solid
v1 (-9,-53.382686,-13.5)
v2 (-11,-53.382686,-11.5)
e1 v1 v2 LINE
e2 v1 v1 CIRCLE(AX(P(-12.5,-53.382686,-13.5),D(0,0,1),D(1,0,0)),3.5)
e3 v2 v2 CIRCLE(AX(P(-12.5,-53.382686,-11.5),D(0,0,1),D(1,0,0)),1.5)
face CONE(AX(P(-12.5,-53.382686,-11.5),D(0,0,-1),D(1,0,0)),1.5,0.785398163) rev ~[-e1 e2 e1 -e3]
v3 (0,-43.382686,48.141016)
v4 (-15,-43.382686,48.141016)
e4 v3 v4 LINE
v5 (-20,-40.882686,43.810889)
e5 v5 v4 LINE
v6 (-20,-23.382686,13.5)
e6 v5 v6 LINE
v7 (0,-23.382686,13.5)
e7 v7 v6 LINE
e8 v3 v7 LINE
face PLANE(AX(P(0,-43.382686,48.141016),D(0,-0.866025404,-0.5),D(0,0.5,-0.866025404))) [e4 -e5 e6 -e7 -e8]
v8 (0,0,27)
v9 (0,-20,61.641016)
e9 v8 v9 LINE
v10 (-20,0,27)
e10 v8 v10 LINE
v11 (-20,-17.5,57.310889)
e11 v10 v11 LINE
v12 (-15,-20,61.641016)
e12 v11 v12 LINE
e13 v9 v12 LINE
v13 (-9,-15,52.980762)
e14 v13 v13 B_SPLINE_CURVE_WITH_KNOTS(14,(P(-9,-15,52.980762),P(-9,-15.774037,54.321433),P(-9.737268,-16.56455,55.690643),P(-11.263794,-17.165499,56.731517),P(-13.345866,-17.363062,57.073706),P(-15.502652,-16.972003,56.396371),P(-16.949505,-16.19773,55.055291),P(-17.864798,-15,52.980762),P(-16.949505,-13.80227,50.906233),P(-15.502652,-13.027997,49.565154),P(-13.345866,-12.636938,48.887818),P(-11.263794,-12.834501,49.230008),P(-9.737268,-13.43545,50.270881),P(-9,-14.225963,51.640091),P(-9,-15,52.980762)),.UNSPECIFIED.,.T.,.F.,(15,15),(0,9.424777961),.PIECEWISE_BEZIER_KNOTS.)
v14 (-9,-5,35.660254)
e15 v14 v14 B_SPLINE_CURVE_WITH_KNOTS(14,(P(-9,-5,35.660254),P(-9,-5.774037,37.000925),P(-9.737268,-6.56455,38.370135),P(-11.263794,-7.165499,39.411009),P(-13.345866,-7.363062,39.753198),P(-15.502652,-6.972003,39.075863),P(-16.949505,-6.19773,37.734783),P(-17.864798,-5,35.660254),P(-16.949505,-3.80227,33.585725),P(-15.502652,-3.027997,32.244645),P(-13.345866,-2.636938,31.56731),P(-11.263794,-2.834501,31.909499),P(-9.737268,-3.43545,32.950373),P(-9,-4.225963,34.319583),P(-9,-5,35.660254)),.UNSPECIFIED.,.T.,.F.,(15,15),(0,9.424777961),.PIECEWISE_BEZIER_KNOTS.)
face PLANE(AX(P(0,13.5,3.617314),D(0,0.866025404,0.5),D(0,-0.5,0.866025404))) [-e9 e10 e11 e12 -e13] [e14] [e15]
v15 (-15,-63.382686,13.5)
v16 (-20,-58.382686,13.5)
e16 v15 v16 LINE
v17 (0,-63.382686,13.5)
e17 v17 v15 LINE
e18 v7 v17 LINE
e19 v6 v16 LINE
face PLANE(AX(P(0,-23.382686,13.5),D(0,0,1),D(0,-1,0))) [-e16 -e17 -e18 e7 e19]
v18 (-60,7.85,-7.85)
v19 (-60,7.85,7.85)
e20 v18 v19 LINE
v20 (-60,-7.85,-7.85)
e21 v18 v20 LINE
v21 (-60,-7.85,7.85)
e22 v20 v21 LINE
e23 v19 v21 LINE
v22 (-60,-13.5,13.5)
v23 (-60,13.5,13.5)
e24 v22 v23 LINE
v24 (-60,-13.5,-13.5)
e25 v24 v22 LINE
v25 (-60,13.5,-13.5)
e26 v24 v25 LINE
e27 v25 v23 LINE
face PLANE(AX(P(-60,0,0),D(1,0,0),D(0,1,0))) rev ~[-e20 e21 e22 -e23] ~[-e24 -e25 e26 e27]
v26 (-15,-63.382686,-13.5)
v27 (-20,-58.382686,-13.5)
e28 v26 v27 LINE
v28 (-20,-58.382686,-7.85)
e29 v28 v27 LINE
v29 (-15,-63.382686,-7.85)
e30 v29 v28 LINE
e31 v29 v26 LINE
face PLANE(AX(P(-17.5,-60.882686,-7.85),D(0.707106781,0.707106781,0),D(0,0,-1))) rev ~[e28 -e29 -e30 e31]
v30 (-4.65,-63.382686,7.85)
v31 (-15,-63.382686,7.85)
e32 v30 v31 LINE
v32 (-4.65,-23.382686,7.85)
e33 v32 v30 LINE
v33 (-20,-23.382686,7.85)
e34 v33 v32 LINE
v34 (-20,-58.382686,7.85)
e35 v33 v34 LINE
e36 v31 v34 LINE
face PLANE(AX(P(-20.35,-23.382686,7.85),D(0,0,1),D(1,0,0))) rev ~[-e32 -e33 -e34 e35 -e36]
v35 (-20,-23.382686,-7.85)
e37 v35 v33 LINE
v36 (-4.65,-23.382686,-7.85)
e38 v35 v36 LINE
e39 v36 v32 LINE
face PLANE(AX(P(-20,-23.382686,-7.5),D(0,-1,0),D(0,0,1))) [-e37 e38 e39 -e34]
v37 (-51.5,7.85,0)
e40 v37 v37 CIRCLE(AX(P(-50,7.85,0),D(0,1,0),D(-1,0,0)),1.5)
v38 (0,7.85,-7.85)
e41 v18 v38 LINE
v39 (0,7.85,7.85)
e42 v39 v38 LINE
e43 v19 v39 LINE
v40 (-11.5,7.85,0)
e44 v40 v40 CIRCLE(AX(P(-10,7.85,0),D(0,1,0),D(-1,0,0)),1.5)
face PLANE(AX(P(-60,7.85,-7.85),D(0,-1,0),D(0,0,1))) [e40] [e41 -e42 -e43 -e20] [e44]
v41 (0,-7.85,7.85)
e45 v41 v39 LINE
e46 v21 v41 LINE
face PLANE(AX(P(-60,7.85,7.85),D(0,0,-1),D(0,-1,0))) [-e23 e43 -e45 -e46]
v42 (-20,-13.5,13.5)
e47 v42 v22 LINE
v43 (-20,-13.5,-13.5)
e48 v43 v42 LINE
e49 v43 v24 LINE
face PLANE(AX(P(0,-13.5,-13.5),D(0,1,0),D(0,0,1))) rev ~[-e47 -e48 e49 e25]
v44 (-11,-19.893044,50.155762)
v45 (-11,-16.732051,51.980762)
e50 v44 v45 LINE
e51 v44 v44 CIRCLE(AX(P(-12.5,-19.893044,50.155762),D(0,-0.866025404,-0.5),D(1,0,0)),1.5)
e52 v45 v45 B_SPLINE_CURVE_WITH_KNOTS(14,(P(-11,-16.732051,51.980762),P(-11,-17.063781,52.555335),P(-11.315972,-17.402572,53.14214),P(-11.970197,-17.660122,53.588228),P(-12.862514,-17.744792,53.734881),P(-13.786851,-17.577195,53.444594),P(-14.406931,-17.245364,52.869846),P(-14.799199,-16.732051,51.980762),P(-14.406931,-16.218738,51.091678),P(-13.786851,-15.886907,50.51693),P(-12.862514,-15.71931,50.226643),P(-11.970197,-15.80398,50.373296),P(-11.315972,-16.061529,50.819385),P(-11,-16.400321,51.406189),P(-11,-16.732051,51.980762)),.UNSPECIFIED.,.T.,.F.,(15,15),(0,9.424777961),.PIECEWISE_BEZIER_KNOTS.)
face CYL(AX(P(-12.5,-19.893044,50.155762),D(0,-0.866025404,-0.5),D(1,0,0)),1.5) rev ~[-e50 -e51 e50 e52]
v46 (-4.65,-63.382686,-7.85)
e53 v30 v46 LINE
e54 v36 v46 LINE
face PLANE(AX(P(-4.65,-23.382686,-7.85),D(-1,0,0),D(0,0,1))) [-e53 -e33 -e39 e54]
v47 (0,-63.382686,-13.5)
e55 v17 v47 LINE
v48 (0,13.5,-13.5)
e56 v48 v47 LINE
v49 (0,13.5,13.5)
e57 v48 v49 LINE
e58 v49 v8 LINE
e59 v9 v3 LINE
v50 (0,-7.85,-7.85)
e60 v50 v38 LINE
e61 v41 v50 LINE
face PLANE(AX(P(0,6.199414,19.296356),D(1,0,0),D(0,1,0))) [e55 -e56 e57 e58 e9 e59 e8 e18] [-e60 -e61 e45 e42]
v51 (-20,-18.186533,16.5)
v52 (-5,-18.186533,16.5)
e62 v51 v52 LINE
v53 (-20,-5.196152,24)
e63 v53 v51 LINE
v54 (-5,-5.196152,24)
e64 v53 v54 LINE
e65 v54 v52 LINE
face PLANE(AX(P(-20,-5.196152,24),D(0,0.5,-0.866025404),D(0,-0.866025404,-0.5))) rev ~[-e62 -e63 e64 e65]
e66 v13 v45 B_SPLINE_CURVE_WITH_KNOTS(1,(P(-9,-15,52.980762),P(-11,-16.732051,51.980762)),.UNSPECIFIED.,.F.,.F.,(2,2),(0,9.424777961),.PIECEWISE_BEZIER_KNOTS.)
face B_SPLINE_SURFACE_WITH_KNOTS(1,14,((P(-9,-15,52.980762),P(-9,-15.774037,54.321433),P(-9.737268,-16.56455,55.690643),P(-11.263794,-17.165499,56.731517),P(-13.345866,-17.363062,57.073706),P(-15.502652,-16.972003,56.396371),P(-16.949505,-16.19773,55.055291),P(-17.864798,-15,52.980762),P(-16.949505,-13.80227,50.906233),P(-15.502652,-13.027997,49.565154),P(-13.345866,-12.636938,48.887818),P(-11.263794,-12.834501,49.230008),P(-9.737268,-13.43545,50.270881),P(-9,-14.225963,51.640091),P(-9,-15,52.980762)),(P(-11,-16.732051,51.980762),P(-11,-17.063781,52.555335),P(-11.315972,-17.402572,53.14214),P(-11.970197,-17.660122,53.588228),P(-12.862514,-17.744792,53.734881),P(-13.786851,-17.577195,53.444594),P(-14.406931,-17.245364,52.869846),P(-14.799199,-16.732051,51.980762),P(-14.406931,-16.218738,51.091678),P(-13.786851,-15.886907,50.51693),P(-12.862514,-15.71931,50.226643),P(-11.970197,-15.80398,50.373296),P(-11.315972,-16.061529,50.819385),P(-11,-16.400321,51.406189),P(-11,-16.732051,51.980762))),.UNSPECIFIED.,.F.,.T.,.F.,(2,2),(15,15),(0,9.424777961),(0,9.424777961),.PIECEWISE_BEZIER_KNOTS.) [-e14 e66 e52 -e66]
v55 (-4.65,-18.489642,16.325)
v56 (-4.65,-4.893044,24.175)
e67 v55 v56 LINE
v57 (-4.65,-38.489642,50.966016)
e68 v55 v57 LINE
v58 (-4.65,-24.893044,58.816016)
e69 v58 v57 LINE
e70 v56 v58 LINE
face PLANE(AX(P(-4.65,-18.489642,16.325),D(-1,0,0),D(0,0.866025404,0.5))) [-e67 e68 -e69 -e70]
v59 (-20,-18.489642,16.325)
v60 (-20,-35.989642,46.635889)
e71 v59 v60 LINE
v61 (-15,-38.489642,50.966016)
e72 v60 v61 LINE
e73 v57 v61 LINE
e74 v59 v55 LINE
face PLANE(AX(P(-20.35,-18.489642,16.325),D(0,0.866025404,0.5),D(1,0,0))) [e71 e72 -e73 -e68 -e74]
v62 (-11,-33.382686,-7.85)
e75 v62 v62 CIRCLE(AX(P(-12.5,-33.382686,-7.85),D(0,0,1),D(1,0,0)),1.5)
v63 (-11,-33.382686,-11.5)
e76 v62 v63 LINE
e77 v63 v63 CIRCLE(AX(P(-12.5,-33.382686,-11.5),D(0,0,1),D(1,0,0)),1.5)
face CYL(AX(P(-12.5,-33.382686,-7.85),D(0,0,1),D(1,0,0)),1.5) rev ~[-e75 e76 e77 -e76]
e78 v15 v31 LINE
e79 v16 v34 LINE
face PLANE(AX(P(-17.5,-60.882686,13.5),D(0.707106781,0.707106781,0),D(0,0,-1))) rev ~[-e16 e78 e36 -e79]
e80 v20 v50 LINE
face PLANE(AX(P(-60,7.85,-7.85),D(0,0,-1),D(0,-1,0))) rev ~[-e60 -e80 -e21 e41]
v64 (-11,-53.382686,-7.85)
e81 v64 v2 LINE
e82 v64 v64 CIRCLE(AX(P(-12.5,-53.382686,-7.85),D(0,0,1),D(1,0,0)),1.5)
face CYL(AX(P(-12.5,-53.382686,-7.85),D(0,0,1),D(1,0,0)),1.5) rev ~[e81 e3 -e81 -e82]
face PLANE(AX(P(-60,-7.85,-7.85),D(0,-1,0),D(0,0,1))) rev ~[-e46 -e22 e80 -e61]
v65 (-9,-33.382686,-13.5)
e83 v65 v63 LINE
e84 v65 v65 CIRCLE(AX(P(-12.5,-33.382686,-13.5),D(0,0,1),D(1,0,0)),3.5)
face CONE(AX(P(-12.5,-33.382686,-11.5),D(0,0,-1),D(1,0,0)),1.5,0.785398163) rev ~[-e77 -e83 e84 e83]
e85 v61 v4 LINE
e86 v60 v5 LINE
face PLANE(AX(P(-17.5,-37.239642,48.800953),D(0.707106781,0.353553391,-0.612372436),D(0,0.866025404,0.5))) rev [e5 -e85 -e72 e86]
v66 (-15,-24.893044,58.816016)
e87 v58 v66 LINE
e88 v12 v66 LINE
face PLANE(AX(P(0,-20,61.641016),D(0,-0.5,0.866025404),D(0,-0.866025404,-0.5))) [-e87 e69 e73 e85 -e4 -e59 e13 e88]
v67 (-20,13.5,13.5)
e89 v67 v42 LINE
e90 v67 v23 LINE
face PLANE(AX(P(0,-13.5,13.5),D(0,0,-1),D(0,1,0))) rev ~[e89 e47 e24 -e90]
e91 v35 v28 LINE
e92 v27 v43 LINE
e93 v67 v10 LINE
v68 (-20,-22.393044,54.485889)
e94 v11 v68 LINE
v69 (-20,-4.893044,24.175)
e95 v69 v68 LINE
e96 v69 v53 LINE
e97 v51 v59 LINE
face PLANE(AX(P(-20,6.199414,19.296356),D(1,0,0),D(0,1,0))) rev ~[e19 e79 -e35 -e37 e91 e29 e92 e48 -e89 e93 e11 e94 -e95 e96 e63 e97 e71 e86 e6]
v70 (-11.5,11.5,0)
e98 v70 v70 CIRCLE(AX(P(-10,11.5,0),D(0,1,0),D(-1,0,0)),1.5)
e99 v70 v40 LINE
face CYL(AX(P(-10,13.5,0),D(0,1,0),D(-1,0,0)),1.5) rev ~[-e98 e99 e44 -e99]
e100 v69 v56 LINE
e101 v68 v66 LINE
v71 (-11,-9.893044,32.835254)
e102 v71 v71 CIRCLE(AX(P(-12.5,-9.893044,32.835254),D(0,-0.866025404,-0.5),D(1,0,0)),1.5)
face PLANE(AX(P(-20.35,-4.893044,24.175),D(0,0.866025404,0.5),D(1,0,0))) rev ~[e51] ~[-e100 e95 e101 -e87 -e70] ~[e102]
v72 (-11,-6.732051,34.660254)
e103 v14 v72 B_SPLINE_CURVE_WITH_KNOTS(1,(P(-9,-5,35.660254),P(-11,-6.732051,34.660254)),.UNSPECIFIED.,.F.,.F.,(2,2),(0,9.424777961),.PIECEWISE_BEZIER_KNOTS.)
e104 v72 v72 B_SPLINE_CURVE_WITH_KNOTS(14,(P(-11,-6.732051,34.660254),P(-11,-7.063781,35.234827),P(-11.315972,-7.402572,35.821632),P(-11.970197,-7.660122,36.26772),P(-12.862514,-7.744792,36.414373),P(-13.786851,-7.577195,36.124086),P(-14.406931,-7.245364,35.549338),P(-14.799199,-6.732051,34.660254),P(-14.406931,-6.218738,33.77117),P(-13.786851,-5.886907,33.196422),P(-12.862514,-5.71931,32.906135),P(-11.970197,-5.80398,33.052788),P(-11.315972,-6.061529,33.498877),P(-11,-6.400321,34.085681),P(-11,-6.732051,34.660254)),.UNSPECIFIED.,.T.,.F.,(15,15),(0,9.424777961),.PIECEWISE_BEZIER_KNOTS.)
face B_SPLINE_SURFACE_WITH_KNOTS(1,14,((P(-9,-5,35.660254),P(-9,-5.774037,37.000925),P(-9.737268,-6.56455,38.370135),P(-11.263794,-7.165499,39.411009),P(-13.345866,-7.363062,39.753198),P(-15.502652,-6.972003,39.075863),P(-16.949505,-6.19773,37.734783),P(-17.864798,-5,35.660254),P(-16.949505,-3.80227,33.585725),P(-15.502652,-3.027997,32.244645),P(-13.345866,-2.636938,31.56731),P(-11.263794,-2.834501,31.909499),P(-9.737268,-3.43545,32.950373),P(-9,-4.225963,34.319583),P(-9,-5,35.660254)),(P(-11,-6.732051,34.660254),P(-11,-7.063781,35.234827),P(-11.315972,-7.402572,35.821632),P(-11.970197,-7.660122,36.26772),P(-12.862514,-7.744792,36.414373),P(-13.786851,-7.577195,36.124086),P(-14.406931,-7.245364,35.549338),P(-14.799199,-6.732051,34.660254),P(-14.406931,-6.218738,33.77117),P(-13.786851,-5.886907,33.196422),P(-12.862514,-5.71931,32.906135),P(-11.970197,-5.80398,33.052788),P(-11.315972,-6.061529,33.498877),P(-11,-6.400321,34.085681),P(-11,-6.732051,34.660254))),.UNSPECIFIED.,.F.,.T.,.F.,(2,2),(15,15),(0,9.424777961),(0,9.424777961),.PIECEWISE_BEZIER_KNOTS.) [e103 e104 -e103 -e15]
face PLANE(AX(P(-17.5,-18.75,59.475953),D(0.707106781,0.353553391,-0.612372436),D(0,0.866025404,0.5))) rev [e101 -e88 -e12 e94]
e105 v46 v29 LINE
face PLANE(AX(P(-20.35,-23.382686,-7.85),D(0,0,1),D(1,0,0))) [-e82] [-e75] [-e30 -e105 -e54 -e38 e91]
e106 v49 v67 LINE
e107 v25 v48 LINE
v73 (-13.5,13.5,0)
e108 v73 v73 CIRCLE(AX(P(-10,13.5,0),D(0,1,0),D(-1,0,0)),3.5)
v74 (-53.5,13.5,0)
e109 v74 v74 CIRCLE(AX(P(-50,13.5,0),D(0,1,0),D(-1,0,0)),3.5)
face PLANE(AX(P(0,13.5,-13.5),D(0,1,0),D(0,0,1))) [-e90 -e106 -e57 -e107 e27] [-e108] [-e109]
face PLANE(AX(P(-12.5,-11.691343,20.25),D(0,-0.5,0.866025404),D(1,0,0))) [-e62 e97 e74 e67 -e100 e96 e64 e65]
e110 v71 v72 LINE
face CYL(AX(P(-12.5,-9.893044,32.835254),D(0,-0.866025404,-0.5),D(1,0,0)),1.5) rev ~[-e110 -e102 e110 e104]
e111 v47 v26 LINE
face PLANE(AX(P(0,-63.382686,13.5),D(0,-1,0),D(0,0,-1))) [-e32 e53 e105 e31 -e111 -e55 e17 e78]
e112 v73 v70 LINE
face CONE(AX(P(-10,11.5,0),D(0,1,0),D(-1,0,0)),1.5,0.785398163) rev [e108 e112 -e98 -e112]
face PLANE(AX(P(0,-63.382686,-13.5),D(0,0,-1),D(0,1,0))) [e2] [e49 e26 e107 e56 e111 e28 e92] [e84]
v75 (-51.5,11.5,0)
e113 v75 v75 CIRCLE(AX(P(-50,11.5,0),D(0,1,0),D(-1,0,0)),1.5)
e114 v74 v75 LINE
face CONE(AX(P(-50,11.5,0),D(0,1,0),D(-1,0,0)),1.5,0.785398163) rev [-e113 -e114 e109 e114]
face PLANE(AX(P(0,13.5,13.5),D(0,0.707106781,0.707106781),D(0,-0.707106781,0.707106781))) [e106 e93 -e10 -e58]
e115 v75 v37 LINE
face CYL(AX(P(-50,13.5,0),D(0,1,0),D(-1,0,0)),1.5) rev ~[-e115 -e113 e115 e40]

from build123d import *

# Parameters (mm, degrees)
F0_W      = 15
F0_H      = 15
F1_DEPTH  = 20
F2_W      = 40
F2_H      = 15
F3_DEPTH  = 15
F4_W      = 27
F4_H      = 27
F4_W_2    = 15
F4_H_2    = 15
F5_DEPTH  = 60
F6_W      = 15.7
F6_H      = 15.7
F7_DEPTH  = 60.001
F8_W      = 15.7
F8_H      = 15.7
F9_DEPTH  = 40.001
F10_W     = 15.7
F10_H     = 15.7
F11_DEPTH = 61.6923429511
F12_R     = 1.5
F13_DEPTH = 5.65
F14_R     = 1.5
F15_DEPTH = 34.6628510268
F16_R     = 1.5
F17_DEPTH = 5.651
F18_SIZE  = 5
F19_SIZE  = 2
F21_DEPTH = 20


with BuildPart() as f1:
    # F0 (on Right) → F1 (new body)
    with BuildSketch(Plane.YZ):
        Polygon((-63.3826859022, -13.5), (13.5, -13.5), (13.5, 3.6173140978), (-20, 61.6410161514), (-43.3826859022, 48.1410161514), (-23.3826859022, 13.5), (-63.3826859022, 13.5), align=None)
        Rectangle(F0_W, F0_H, mode=Mode.SUBTRACT)
    extrude(amount=-F1_DEPTH)

    # F2 (on face) → F3 (cut)
    with BuildSketch(Plane(origin=(-20, 0, 0), x_dir=(0, -1, 0), z_dir=(-1, 0, 0))):
        Polygon((5.1961524227, 24), (18.1865334795, 16.5), (38.1865334795, 51.1410161514), (25.1961524227, 58.6410161514), align=None)
        with Locations((43.3826859022, 0)):
            Rectangle(F2_W, F2_H)
    extrude(amount=-F3_DEPTH, mode=Mode.SUBTRACT)

    # F4 (on face) → F5 (join)
    with BuildSketch(Plane.YZ):
        Rectangle(F4_W, F4_H)
        Rectangle(F4_W_2, F4_H_2, mode=Mode.SUBTRACT)
    extrude(amount=-F5_DEPTH)

    # F6 (on face) → F7 (cut, through all)
    with BuildSketch(Plane(origin=(-60, 0, 0), x_dir=(0, -1, 0), z_dir=(-1, 0, 0))):
        Rectangle(F6_W, F6_H)
    extrude(amount=-F7_DEPTH, mode=Mode.SUBTRACT)

    # F8 (on face) → F9 (cut, through all)
    with BuildSketch(Plane.XZ.offset(23.3826859022)):
        with Locations((-12.5, 0)):
            Rectangle(F8_W, F8_H)
    extrude(amount=F9_DEPTH, mode=Mode.SUBTRACT)

    # F10 (on face) → F11 (cut, through all)
    with BuildSketch(Plane(origin=(0, -11.6913429511, 20.25), x_dir=(1, 0, 0), z_dir=(0, -0.5, 0.8660254038))):
        with Locations((-12.5, 0)):
            Rectangle(F10_W, F10_H)
    extrude(amount=F11_DEPTH, mode=Mode.SUBTRACT)

    # F12 (on face) → F13 (cut, through all)
    with BuildSketch(Plane(origin=(0, 13.5, 0), x_dir=(-1, 0, 0), z_dir=(0, 1, 0))):
        with Locations((10, 0)):
            Circle(F12_R)
        with Locations((50, 0)):
            Circle(F12_R)
    extrude(amount=-F13_DEPTH, mode=Mode.SUBTRACT)

    # F14 (on face) → F15 (cut, through all)
    with BuildSketch(Plane(origin=(0, 6.7982994197, 3.925), x_dir=(1, 0, 0), z_dir=(0, -0.8660254038, -0.5))):
        with Locations((-12.5, 33.3826859022)):
            Circle(F14_R)
        with Locations((-12.5, 53.3826859022)):
            Circle(F14_R)
    extrude(amount=-F15_DEPTH, mode=Mode.SUBTRACT)

    # F16 (on face) → F17 (cut, through all)
    with BuildSketch(Plane.XY.offset(-7.85)):
        with Locations((-12.5, -53.3826859022)):
            Circle(F16_R)
        with Locations((-12.5, -33.3826859022)):
            Circle(F16_R)
    extrude(amount=-F17_DEPTH, mode=Mode.SUBTRACT)

    # F18
    f18_edges = [f1.edges().sort_by_distance(p)[0] for p in [
        (-20, -40.936164, 49.553516),
        (-20, -22.446522, 60.228516),
        (-20, -63.382686, 10.675),
        (-20, -63.382686, -10.675),
    ]]
    chamfer(f18_edges, length=F18_SIZE)

    # F19
    f19_edges = [f1.edges().sort_by_distance(p)[0] for p in [
        (-14, -15, 52.980762),
        (-14, -5, 35.660254),
        (-8.5, 13.5, 0),
        (-48.5, 13.5, 0),
        (-14, -33.382686, -13.5),
        (-14, -53.382686, -13.5),
    ]]
    chamfer(f19_edges, length=F19_SIZE)

    # F20 (on face) → F21 (join, through all)
    with BuildSketch(Plane.YZ):
        Polygon((7.7942286341, 13.5), (13.5, 13.5), (0, 27), align=None)
    extrude(amount=-F21_DEPTH)


solid = f1.part
